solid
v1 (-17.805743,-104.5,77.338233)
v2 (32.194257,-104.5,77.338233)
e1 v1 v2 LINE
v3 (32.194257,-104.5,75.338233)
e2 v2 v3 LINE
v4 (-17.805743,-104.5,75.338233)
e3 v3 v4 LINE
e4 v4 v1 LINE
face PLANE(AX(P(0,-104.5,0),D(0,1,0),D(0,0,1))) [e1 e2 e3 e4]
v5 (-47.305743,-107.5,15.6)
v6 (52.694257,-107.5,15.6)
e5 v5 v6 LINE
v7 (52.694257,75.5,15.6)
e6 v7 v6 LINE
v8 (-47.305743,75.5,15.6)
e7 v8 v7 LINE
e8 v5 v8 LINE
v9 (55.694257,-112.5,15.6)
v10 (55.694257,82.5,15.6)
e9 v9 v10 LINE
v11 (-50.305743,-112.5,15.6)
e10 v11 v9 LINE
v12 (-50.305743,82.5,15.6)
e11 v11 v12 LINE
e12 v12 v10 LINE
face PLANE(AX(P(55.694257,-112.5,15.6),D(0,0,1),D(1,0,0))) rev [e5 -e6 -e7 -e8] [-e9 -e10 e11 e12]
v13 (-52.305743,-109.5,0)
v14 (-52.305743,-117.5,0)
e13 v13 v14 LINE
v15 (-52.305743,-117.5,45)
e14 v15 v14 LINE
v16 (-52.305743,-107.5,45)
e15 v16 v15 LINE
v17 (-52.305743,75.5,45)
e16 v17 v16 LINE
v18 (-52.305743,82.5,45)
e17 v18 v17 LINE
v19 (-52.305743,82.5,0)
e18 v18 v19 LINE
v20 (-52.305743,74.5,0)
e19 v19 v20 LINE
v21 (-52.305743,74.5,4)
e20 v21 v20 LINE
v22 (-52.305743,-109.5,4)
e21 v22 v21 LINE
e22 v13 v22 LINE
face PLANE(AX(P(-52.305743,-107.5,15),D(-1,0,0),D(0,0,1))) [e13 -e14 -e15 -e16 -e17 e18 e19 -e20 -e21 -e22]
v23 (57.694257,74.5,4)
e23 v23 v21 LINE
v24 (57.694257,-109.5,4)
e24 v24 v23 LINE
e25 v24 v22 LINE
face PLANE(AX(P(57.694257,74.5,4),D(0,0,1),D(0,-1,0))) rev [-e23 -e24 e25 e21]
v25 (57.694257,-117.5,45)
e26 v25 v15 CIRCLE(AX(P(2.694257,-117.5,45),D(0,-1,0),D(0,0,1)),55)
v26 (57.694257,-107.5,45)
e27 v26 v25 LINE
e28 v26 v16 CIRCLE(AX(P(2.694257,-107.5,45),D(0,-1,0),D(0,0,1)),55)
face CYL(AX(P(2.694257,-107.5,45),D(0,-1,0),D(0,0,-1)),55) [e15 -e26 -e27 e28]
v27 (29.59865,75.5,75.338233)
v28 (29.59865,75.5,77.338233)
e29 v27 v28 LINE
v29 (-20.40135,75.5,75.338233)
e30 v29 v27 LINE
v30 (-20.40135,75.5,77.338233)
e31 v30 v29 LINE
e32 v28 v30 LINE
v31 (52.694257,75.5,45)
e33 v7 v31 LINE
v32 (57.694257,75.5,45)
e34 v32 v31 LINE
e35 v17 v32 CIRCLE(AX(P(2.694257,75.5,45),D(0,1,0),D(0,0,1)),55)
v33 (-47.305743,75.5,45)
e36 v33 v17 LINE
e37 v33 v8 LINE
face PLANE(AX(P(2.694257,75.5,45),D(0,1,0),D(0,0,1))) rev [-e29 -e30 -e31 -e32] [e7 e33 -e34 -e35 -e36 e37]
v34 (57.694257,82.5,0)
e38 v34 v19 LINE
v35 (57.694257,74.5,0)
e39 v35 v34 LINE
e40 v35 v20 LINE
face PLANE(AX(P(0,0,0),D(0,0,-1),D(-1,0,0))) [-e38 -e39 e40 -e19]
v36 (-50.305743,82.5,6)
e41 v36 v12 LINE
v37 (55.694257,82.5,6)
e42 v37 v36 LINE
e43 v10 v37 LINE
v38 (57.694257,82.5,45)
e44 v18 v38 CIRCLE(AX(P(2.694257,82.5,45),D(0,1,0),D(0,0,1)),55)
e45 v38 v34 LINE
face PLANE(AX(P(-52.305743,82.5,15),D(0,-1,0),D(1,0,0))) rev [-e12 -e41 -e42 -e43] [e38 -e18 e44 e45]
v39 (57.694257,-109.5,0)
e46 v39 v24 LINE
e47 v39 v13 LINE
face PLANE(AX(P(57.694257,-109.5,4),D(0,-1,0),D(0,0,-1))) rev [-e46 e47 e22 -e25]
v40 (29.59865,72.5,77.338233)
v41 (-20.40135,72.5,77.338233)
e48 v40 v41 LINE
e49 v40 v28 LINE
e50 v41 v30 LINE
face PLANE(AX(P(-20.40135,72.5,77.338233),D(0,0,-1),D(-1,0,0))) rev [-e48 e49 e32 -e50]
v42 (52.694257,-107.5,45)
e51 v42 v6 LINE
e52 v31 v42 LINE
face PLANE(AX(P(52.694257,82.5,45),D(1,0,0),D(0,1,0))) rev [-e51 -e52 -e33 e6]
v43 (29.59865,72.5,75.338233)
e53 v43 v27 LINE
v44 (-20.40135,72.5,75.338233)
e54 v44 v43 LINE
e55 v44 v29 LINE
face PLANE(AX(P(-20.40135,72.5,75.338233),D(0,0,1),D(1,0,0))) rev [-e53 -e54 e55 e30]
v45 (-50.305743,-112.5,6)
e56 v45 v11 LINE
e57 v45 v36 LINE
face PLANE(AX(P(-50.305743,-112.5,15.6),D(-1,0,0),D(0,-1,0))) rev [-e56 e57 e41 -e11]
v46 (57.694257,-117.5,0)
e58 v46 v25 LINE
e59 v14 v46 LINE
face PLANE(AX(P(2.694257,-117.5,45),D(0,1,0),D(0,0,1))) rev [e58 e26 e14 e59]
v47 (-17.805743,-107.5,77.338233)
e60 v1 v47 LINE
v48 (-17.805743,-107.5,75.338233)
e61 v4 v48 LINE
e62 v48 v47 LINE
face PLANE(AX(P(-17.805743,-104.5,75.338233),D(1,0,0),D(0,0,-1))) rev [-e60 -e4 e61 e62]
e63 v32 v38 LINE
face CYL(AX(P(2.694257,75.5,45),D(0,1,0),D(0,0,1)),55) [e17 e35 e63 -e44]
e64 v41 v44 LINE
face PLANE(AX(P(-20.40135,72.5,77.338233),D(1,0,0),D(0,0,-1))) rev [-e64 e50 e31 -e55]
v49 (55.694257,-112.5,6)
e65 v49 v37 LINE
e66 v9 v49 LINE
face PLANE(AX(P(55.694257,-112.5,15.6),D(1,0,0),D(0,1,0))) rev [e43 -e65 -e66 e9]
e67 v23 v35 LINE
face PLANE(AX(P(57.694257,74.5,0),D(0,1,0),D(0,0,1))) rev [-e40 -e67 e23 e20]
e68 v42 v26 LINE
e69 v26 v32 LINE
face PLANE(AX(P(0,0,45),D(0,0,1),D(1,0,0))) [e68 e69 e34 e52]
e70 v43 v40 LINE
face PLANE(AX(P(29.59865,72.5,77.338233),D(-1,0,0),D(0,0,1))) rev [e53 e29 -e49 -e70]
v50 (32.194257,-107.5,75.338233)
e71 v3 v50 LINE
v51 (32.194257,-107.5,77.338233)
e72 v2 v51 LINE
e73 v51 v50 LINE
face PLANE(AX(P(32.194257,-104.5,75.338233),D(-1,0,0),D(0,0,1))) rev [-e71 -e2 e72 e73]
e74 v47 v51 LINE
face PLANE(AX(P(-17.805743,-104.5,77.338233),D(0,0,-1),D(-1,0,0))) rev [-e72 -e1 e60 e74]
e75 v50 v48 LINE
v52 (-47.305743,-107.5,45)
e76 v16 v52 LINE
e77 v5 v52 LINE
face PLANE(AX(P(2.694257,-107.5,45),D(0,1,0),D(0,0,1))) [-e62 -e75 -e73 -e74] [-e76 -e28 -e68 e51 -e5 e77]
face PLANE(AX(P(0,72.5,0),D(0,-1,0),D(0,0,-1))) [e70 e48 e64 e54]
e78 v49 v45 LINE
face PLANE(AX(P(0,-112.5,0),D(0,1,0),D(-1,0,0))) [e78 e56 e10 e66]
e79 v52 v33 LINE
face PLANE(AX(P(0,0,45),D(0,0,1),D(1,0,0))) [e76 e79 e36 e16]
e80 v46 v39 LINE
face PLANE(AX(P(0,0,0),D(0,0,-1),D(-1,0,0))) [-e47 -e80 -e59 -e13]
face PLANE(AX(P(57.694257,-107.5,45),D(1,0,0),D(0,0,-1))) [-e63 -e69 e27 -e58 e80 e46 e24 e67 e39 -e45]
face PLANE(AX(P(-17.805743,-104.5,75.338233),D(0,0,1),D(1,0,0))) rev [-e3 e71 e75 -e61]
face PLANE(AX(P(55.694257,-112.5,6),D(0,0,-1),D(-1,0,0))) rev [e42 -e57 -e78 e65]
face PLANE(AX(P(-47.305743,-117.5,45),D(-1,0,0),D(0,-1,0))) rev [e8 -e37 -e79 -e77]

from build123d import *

# Parameters (mm, degrees)
SKETCH_14_W         = 110
SKETCH_14_H         = 200
EXTRUDE_11_DEPTH    = 15
SKETCH_15_W         = 5
SKETCH_15_H         = 200
EXTRUDE_12_DEPTH    = 30
EXTRUDE_14_DEPTH    = 10
EXTRUDE_15_DEPTH    = 7
SKETCH_19_W         = 4
SKETCH_19_H         = 184
CUT_EXTRUDE_1_DEPTH = 190.489445616
SKETCH_22_W         = 50
SKETCH_22_H         = 2
EXTRUDE_17_DEPTH    = 3
SKETCH_23_W         = 50
SKETCH_23_H         = 2
EXTRUDE_18_DEPTH    = 3
SKETCH_24_W         = 106
SKETCH_24_H         = 9.6
CUT_EXTRUDE_2_DEPTH = 195


with BuildPart() as part:
    # 草圖14 → 填料-伸長11 (new body)
    with BuildSketch(Plane.XY):
        with Locations((2.694256757, -17.5)):
            Rectangle(SKETCH_14_W, SKETCH_14_H)
    extrude(amount=EXTRUDE_11_DEPTH)

    # 草圖15 → 填料-伸長12 (add)
    with BuildSketch(Plane.XY.offset(15)):
        with Locations((-49.805743243, -17.5)):
            Rectangle(SKETCH_15_W, SKETCH_15_H)
        with Locations((55.194256757, -17.5)):
            Rectangle(SKETCH_15_W, SKETCH_15_H)
    extrude(amount=EXTRUDE_12_DEPTH)

    # 草圖18 → 填料-伸長15 (add)
    with BuildSketch(Plane(origin=(0, 82.5, 0), x_dir=(1, 0, 0), z_dir=(0, 1, 0))):
        with BuildLine():
            Line((-52.305743243, -15), (-52.305743243, -45))
            ThreePointArc((-52.305743243, -45), (2.694256757, -100), (57.694256757, -45))
            Line((57.694256757, -45), (57.694256757, -15))
            Line((57.694256757, -15), (-52.305743243, -15))
        make_face()
    extrude(amount=-EXTRUDE_15_DEPTH)

    # 草圖19 → 除料-伸長1 (cut, through all)
    with BuildSketch(Plane.ZY.offset(52.305743243)):
        with Locations((2, -17.5)):
            Rectangle(SKETCH_19_W, SKETCH_19_H)
    extrude(amount=-CUT_EXTRUDE_1_DEPTH, mode=Mode.SUBTRACT)


with BuildPart() as body_2:
    # 草圖17 → 填料-伸長14 (new body)
    with BuildSketch(Plane.XZ.offset(117.5)):
        with BuildLine():
            Line((-52.305743243, 15), (-52.305743243, 45))
            ThreePointArc((-52.305743243, 45), (2.694256757, 100), (57.694256757, 45))
            Line((57.694256757, 45), (57.694256757, 15))
            Line((57.694256757, 15), (-52.305743243, 15))
        make_face()
    extrude(amount=-EXTRUDE_14_DEPTH)


    add(part.part)  # 填料-伸長17 merges part
    # 草圖22 → 填料-伸長17 (add)
    with BuildSketch(Plane(origin=(0, -107.5, 0), x_dir=(1, 0, 0), z_dir=(0, 1, 0))):
        with Locations((7.194256757, -76.338233374)):
            Rectangle(SKETCH_22_W, SKETCH_22_H)
    extrude(amount=EXTRUDE_17_DEPTH)

    # 草圖23 → 填料-伸長18 (add)
    with BuildSketch(Plane.XZ.offset(-75.5)):
        with Locations((4.598650287, 76.338233374)):
            Rectangle(SKETCH_23_W, SKETCH_23_H)
    extrude(amount=EXTRUDE_18_DEPTH)

    # 草圖24 → 除料-伸長2 (cut)
    with BuildSketch(Plane(origin=(0, 82.5, 0), x_dir=(1, 0, 0), z_dir=(0, 1, 0))):
        with Locations((2.694256757, -10.8)):
            Rectangle(SKETCH_24_W, SKETCH_24_H)
    extrude(amount=-CUT_EXTRUDE_2_DEPTH, mode=Mode.SUBTRACT)


solid = body_2.part
